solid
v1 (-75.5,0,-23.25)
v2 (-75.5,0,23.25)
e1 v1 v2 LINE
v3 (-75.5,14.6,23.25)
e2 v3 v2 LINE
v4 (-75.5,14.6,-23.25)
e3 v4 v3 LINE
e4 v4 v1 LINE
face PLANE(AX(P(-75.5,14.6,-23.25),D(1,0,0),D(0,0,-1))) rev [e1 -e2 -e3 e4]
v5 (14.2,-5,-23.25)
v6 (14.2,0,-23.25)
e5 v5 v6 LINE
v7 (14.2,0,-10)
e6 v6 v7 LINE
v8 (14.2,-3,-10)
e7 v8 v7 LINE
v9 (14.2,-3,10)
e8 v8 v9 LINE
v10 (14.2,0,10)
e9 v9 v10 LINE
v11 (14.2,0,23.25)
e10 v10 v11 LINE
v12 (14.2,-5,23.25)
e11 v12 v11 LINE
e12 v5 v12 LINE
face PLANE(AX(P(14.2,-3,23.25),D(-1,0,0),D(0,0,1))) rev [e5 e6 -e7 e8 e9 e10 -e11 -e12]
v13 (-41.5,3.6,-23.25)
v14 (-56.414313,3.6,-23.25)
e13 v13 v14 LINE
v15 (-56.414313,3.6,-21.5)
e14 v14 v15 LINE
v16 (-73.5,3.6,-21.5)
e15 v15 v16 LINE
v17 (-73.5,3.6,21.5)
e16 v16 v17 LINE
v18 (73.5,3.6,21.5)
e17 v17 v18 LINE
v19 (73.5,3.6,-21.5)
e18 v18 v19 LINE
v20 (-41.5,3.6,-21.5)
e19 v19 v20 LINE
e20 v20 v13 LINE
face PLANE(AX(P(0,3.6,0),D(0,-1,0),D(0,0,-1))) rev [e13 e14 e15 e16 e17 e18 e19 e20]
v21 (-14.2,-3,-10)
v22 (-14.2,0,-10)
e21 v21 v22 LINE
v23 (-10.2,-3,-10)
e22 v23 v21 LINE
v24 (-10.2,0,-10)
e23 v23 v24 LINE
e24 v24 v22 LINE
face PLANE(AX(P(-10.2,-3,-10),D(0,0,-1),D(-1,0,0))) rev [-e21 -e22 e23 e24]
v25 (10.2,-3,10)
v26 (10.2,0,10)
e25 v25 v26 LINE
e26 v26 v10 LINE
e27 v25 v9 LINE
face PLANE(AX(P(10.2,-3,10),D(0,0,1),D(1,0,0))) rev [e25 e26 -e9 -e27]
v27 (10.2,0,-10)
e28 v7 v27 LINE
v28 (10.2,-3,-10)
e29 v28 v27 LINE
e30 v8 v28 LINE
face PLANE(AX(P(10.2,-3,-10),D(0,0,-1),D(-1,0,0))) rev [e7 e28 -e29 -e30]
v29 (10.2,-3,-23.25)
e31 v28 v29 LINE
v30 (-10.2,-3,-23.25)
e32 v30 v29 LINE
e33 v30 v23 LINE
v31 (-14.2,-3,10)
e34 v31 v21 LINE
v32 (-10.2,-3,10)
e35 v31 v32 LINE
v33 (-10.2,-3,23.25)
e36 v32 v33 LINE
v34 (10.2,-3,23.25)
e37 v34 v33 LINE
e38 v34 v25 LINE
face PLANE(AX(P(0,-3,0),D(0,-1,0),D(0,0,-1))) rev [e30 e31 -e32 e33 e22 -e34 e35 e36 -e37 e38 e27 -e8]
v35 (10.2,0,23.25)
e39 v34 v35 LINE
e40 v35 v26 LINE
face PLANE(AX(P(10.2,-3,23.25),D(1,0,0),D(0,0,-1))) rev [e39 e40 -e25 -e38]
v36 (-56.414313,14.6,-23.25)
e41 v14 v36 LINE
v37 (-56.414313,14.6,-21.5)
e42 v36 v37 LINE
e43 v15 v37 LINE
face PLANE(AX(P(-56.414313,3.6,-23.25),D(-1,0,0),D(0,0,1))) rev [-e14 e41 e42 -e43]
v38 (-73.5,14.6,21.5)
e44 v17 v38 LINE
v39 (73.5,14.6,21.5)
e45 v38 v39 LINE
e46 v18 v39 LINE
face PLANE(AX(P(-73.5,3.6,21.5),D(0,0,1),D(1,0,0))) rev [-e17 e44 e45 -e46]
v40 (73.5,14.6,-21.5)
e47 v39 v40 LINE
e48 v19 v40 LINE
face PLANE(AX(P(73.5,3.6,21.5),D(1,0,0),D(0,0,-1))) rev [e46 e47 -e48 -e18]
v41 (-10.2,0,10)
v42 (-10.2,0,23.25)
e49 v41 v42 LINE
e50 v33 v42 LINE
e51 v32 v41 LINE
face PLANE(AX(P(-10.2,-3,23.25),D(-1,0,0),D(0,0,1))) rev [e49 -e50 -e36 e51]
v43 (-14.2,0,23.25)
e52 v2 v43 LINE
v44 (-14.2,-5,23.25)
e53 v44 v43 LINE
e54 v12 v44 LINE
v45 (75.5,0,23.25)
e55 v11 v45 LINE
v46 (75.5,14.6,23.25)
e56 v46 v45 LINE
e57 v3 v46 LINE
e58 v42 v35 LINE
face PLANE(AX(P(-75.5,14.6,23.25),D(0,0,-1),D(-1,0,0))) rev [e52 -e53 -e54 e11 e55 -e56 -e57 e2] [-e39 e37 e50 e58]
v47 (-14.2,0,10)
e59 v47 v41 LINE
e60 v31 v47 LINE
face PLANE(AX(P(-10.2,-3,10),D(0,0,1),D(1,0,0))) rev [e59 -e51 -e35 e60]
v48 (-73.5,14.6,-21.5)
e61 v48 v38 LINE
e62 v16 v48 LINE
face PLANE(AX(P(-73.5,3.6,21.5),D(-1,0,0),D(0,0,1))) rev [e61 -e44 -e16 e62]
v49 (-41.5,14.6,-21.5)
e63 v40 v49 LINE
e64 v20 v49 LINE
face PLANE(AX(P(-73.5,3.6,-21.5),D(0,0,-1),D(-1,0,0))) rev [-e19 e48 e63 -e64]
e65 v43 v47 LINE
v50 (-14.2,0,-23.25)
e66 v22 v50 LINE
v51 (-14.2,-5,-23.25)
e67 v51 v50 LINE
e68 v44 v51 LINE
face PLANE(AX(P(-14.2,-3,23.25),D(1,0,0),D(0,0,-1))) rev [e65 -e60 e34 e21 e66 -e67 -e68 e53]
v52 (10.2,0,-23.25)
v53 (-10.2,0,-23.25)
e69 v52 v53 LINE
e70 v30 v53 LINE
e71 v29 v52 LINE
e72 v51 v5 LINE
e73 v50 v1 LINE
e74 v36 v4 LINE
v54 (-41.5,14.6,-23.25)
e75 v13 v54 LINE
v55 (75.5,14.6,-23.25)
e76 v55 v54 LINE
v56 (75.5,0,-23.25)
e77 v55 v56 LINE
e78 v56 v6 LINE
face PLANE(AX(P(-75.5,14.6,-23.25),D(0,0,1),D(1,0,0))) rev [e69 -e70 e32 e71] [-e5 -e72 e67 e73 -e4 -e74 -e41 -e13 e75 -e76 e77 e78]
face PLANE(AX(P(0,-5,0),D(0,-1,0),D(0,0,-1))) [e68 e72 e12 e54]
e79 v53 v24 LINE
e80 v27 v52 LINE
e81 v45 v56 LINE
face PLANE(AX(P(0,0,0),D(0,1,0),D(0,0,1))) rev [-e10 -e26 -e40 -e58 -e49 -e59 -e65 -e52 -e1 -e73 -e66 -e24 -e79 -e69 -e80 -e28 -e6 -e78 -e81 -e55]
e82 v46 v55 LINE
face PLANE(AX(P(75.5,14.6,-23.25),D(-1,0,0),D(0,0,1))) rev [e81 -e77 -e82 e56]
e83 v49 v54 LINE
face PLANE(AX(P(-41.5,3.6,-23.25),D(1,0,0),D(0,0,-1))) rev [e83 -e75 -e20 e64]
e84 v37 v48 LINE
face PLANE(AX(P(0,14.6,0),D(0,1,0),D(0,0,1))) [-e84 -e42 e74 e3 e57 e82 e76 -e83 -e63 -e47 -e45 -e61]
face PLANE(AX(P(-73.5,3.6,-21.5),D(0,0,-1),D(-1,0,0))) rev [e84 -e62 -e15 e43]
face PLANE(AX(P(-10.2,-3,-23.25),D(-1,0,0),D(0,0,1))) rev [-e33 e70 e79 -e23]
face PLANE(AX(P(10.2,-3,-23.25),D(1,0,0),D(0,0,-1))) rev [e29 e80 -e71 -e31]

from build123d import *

# Parameters (mm, degrees)
SKETCH_1_W          = 151
SKETCH_1_H          = 46.5
EXTRUDE_1_DEPTH     = 14.6
SKETCH_5_W          = 4
SKETCH_5_H          = 13.25
EXTRUDE_5_DEPTH     = 3
SKETCH1_W           = 147
SKETCH1_H           = 43
CUT_EXTRUDE1_DEPTH  = 11
SKETCH2_W           = 14.914313068
SKETCH2_H           = 1.75
CUT_EXTRUDE2_DEPTH  = 11
SKETCH_8_W          = 28.4
SKETCH_8_H          = 46.5
BOSS_EXTRUDE1_DEPTH = 2


with BuildPart() as part:
    # 草图1 → 凸台-拉伸1 (new body)
    with BuildSketch(Plane(origin=(0, 0, 0), x_dir=(1, 0, 0), z_dir=(0, 1, 0))):
        Rectangle(SKETCH_1_W, SKETCH_1_H)
    extrude(amount=EXTRUDE_1_DEPTH)

    # 草图5 → 凸台-拉伸5 (add)
    with BuildSketch(Plane(origin=(0, 0, 0), x_dir=(-1, 0, 0), z_dir=(0, -1, 0))):
        with Locations((-12.2, -16.625)):
            Rectangle(SKETCH_5_W, SKETCH_5_H)
        with Locations((12.2, -16.625)):
            Rectangle(SKETCH_5_W, SKETCH_5_H)
        with Locations((-12.2, 16.625)):
            Rectangle(SKETCH_5_W, SKETCH_5_H)
        with Locations((12.2, 16.625)):
            Rectangle(SKETCH_5_W, SKETCH_5_H)
    extrude(amount=EXTRUDE_5_DEPTH)

    # Sketch1 → Cut-Extrude1 (cut)
    with BuildSketch(Plane(origin=(0, 14.6, 0), x_dir=(1, 0, 0), z_dir=(0, 1, 0))):
        Rectangle(SKETCH1_W, SKETCH1_H)
    extrude(amount=-CUT_EXTRUDE1_DEPTH, mode=Mode.SUBTRACT)

    # Sketch2 → Cut-Extrude2 (cut)
    with BuildSketch(Plane(origin=(0, 14.6, 0), x_dir=(1, 0, 0), z_dir=(0, 1, 0))):
        with Locations((-48.957156534, 22.375)):
            Rectangle(SKETCH2_W, SKETCH2_H)
    extrude(amount=-CUT_EXTRUDE2_DEPTH, mode=Mode.SUBTRACT)

    # 草图8 → Boss-Extrude1 (add)
    with BuildSketch(Plane(origin=(0, -3, 0), x_dir=(-1, 0, 0), z_dir=(0, -1, 0))):
        Rectangle(SKETCH_8_W, SKETCH_8_H)
    extrude(amount=BOSS_EXTRUDE1_DEPTH)


solid = part.part
